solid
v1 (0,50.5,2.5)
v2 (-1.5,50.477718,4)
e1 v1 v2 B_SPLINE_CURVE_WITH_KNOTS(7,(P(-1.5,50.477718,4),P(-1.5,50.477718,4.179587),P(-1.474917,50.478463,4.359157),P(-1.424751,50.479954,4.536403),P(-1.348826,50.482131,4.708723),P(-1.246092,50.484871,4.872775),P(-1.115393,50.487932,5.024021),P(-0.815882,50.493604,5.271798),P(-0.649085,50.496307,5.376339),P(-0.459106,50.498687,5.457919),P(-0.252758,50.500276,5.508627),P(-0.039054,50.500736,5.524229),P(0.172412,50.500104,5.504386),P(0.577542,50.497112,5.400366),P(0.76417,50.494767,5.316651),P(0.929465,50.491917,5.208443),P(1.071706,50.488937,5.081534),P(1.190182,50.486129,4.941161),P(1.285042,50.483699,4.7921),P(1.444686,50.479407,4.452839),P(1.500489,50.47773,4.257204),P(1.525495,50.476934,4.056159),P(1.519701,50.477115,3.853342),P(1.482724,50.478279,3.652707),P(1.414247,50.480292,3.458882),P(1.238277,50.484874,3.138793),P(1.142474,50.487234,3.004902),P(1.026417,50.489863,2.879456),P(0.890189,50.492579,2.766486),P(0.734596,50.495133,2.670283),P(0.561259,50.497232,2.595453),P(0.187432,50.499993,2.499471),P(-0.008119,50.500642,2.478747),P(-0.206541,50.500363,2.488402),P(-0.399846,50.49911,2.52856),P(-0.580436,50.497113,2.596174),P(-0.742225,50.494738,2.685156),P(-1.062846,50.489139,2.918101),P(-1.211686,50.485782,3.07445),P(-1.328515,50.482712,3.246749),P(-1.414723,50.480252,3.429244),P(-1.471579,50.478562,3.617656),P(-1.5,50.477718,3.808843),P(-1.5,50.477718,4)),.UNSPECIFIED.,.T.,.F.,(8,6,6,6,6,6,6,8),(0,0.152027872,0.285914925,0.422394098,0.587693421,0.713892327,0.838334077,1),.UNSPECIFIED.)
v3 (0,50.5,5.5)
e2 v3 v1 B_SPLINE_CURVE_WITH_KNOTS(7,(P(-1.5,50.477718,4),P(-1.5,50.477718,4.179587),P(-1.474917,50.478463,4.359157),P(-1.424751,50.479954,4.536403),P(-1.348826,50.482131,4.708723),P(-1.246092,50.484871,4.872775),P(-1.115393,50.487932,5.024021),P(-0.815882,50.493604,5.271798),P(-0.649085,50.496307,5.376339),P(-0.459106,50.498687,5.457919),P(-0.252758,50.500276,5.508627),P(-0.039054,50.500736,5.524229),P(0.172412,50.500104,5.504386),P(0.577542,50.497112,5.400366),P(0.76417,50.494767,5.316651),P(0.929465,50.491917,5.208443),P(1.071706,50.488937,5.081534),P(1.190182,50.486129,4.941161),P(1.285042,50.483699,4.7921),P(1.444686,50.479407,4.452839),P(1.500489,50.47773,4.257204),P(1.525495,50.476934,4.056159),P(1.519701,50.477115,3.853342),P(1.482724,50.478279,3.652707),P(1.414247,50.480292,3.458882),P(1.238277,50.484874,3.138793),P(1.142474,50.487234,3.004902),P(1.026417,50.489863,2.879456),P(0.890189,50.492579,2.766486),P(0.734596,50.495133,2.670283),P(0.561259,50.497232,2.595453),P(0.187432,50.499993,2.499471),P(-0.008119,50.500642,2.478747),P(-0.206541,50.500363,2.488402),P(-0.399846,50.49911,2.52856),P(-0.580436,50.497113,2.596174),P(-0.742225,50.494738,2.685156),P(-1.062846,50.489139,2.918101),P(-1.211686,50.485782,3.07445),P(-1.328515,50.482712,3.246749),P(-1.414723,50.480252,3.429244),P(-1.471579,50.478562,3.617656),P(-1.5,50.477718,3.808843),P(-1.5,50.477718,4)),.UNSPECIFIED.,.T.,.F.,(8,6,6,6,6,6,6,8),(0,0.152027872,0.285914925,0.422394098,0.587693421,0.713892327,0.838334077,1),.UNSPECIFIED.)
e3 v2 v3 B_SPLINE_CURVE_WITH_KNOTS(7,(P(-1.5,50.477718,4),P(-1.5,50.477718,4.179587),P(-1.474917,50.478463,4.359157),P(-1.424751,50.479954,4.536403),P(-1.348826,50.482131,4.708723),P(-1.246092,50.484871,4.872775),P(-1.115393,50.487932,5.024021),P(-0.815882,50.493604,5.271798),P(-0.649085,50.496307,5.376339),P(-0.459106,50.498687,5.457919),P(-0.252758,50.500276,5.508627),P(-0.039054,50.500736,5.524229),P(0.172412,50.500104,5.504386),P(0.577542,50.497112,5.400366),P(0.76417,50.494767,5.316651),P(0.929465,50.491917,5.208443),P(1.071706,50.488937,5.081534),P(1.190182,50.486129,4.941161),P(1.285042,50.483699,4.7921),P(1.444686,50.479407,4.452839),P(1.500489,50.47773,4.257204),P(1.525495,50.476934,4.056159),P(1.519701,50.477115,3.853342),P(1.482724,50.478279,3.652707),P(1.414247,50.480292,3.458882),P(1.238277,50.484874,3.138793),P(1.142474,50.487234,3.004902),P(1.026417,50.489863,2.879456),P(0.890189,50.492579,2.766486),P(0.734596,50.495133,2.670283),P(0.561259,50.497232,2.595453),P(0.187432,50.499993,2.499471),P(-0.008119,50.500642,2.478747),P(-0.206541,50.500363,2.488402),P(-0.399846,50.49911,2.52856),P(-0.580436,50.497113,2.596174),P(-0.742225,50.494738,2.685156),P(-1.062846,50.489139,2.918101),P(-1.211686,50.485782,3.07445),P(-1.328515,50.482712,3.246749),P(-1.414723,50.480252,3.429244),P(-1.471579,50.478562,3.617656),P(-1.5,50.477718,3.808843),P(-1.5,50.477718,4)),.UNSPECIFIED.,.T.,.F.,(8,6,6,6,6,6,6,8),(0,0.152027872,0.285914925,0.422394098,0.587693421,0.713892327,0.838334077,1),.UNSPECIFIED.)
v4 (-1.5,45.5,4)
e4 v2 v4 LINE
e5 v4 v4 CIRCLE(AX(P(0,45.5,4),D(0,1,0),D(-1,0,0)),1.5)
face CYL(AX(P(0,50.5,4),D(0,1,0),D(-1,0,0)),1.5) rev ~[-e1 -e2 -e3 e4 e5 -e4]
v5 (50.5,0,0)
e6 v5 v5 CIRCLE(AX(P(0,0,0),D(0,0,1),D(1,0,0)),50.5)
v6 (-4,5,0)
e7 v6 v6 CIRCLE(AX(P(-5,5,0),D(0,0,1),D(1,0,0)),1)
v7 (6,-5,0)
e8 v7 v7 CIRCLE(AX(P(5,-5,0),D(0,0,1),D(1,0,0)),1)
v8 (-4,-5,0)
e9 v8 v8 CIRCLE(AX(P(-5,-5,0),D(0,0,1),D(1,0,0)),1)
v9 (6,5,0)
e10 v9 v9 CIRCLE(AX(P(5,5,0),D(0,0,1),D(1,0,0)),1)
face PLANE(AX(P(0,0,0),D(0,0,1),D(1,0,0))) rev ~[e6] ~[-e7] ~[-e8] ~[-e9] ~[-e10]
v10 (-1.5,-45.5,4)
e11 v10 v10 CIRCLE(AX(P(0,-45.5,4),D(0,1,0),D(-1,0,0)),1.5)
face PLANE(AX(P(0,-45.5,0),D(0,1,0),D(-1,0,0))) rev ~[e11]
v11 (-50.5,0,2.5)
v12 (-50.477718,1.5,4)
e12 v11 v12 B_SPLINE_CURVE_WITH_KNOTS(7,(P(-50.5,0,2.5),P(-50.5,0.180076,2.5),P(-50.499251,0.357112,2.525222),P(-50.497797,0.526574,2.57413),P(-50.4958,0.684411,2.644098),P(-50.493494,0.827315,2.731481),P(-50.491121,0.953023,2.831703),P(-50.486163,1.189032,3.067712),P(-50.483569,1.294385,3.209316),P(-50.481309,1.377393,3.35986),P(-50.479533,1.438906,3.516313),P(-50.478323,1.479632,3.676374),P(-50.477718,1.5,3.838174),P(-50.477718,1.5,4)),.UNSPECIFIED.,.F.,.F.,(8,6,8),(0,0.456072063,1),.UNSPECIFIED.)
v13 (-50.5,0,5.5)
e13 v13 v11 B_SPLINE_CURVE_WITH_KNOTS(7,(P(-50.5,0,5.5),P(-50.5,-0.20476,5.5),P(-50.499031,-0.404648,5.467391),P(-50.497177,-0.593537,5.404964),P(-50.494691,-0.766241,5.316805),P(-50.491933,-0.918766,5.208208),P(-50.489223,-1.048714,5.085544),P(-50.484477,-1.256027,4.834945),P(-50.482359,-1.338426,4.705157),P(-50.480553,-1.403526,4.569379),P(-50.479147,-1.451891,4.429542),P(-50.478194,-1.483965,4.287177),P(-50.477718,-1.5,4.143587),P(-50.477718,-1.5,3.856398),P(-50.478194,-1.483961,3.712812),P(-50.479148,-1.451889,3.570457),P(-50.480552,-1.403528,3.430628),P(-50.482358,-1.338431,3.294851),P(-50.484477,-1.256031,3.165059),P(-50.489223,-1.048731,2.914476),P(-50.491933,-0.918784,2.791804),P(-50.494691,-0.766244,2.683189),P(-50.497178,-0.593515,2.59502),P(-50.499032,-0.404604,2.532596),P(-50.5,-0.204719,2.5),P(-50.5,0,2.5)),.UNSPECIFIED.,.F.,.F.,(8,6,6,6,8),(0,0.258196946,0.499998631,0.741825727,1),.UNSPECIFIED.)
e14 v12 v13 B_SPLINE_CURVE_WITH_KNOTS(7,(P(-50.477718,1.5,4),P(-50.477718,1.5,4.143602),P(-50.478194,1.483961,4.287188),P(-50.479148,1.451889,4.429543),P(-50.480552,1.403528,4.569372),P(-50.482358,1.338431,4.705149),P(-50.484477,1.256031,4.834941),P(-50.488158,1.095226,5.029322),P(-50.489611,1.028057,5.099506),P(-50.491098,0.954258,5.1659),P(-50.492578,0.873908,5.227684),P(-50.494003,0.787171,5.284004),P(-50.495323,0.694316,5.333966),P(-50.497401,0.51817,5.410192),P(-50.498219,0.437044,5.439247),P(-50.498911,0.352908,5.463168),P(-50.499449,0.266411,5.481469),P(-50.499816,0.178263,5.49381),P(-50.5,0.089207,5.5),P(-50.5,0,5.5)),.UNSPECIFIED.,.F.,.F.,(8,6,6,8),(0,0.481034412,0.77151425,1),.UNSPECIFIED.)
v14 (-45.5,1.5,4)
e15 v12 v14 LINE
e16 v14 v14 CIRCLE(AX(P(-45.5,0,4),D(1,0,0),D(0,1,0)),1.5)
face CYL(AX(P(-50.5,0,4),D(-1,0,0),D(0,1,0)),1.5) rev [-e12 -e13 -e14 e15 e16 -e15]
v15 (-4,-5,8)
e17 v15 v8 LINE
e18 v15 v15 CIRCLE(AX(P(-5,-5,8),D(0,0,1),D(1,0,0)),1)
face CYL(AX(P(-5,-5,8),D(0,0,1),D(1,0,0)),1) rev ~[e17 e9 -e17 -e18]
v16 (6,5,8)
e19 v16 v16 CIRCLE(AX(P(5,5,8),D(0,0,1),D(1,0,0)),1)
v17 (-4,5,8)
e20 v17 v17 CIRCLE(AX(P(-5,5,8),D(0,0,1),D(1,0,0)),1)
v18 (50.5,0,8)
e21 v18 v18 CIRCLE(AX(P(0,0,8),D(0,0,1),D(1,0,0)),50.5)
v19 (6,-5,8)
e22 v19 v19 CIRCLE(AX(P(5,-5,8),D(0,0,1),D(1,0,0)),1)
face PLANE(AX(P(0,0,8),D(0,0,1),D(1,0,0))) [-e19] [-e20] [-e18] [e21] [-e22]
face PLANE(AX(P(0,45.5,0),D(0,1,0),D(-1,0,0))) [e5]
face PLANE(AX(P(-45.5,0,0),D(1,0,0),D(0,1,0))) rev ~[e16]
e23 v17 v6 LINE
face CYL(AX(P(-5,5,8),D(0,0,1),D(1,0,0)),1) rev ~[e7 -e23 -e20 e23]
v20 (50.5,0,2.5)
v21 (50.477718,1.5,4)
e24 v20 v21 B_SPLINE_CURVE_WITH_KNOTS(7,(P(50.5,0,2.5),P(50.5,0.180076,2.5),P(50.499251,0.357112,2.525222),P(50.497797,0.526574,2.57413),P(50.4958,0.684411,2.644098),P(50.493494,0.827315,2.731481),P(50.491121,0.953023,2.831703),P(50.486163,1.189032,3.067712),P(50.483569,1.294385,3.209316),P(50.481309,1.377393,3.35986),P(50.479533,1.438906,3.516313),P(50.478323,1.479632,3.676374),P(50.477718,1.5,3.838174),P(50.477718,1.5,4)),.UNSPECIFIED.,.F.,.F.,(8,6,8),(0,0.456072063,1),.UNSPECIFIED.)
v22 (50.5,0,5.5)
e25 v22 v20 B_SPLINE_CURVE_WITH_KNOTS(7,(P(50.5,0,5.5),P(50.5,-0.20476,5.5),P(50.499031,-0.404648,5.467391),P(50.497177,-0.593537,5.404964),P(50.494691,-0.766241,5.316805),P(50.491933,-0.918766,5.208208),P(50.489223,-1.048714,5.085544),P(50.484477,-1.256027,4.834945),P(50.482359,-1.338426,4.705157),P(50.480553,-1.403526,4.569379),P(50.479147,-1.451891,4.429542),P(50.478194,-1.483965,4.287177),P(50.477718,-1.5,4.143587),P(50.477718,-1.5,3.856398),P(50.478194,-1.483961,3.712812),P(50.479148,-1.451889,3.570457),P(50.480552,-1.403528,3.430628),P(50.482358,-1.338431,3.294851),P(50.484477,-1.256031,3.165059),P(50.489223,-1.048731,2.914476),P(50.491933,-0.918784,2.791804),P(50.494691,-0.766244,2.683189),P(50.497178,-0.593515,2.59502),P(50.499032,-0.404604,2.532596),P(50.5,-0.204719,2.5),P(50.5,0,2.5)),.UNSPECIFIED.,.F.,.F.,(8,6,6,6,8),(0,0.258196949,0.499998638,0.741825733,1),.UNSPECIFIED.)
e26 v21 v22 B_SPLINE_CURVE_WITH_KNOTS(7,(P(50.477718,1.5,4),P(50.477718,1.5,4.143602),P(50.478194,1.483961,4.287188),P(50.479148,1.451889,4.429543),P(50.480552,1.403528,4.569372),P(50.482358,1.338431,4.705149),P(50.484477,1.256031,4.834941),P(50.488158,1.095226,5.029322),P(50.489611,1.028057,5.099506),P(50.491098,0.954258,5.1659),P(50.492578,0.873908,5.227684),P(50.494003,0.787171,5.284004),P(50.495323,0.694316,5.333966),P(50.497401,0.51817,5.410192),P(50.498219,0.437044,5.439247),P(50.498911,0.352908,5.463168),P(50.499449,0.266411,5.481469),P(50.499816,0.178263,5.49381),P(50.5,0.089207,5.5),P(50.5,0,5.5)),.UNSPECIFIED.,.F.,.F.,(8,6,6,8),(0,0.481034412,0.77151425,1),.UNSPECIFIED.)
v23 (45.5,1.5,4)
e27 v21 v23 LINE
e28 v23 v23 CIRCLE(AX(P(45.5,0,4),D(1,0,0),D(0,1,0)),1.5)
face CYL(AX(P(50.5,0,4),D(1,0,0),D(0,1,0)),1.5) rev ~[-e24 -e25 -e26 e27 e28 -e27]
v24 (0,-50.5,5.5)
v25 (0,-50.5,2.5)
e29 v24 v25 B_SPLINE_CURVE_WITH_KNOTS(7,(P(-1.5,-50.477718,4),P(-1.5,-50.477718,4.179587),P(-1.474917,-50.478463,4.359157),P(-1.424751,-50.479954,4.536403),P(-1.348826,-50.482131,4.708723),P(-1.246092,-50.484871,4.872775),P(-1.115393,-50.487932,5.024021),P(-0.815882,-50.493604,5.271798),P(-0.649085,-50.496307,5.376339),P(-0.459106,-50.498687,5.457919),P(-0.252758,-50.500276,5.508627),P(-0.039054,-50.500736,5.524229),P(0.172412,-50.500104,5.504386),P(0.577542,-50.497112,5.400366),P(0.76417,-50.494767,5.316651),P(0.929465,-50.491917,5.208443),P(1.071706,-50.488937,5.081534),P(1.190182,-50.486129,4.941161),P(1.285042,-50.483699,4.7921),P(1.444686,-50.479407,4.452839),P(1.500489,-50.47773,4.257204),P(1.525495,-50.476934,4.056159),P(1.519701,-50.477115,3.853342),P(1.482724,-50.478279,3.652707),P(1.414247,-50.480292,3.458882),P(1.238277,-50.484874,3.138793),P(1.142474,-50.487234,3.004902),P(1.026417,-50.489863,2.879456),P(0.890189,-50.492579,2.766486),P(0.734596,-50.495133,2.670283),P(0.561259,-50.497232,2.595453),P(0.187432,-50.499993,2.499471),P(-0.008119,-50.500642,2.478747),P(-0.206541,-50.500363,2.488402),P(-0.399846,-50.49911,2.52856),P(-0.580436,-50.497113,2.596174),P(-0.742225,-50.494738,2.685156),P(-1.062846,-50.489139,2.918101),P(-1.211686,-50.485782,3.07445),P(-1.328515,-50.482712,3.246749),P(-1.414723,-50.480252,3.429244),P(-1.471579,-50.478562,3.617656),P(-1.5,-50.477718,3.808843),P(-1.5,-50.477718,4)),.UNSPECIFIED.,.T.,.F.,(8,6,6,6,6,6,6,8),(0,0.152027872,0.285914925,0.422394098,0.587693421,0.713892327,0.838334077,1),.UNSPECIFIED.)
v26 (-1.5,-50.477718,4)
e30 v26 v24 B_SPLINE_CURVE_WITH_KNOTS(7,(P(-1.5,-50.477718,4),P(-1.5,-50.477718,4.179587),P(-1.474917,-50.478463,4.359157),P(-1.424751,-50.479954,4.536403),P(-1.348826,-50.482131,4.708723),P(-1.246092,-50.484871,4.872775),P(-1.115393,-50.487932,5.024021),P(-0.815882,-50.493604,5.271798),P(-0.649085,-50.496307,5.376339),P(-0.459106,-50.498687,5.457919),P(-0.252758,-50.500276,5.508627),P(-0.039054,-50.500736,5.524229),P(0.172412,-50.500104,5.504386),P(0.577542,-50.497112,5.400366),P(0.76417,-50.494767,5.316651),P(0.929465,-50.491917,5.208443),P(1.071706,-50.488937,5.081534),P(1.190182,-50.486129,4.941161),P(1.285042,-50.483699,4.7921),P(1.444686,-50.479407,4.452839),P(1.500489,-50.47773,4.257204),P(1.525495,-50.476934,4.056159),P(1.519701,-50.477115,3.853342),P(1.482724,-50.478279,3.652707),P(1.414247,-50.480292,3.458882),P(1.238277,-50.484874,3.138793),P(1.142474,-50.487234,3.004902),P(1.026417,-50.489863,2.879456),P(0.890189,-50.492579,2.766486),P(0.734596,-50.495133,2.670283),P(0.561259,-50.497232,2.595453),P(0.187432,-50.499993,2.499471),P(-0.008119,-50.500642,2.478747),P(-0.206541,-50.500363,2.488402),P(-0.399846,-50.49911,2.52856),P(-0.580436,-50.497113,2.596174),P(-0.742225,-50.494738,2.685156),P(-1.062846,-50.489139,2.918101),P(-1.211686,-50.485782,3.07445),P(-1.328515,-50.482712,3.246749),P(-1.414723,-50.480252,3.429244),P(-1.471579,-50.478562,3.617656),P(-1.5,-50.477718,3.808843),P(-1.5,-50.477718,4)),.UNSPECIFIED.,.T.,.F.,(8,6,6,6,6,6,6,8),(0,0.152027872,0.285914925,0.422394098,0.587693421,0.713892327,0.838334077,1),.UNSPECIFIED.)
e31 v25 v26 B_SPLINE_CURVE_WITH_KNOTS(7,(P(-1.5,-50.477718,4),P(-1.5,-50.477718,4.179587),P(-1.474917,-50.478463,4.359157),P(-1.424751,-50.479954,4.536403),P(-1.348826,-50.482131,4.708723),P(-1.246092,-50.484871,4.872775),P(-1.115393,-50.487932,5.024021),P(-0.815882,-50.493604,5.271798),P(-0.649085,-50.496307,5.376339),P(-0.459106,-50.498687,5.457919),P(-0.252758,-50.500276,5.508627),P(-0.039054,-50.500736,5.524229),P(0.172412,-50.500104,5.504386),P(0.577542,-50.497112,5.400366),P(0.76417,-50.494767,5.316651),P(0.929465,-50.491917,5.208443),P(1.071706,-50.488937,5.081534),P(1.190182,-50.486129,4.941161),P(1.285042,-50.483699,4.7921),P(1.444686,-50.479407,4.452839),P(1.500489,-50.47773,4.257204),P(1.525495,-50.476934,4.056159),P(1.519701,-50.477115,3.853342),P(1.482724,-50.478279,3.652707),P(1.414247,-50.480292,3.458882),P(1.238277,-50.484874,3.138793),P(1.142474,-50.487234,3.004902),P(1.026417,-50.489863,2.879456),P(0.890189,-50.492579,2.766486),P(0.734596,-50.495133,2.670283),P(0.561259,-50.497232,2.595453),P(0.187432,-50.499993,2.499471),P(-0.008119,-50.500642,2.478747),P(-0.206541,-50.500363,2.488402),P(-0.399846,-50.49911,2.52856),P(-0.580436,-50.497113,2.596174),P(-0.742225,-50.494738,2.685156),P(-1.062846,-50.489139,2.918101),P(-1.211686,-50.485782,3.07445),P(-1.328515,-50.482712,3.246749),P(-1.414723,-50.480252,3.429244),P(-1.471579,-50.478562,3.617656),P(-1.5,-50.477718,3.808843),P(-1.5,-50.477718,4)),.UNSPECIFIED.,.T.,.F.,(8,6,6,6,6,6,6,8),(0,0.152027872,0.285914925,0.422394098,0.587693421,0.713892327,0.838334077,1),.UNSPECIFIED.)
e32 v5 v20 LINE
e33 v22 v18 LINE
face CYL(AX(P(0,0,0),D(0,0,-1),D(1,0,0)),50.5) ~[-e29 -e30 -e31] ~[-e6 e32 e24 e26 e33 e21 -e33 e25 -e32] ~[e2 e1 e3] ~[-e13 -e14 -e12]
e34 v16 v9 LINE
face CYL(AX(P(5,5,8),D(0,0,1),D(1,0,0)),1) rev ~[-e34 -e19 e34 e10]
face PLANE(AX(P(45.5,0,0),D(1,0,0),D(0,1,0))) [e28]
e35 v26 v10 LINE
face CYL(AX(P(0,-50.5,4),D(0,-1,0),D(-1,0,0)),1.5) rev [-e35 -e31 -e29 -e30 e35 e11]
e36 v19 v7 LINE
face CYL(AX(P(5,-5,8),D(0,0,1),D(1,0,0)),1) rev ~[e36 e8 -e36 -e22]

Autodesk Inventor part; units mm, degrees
sketch "スケッチ1" plane through (0, 0, 0) normal (0, 0, 1) x (1, 0, 0)
  circle A0 centre (0, 0) radius 50.5
  dimension "d0" = 101
extrude "押し出し1" add sketch "スケッチ1" along normal blind 8
sketch "スケッチ2" plane through (0, 0, 8) normal (0, 0, 1) x (1, 0, 0)
  line L0 (-5, -5) -> (5, -5) construction
  line L1 (5, -5) -> (5, 5) construction
  line L2 (5, 5) -> (-5, 5) construction
  line L3 (-5, 5) -> (-5, -5) construction
  line L4 (-5, -5) -> (5, 5) construction
  line L5 (5, -5) -> (-5, 5) construction
  circle A0 centre (-5, 5) radius 1
  circle A1 centre (5, 5) radius 1
  circle A2 centre (5, -5) radius 1
  circle A3 centre (-5, -5) radius 1
  point P0 (0, 0)
  dimension "d3" = 10
  dimension "d4" = 10
  dimension "d5" = 2
  dimension "d6" = 2
  dimension "d7" = 2
  dimension "d8" = 2
extrude "押し出し2" cut sketch "スケッチ2" against normal blind 8
ref_plane "作業平面1" through (50.5, 0, 0) normal (1, 0, 0) x (0, 1, 0)
ref_plane "作業平面2" through (-50.5, 0, 0) normal (1, 0, 0) x (0, 1, 0)
ref_plane "作業平面3" through (0, 50.5, 0) normal (0, 1, 0) x (-1, 0, 0)
ref_plane "作業平面4" through (0, -50.5, 0) normal (0, 1, 0) x (-1, 0, 0)
sketch "スケッチ3" plane through (50.5, 0, 0) normal (1, 0, 0) x (0, 1, 0)
  line L0 (0, 0) -> (0, 4) construction
  circle A0 centre (0, 4) radius 1.5
  dimension "d14" = 4
  dimension "d15" = 3
extrude "押し出し3" cut sketch "スケッチ3" against normal blind 5
sketch "スケッチ4" plane through (-50.5, 0, 0) normal (1, 0, 0) x (0, 1, 0)
  line L0 (0, 0) -> (0, 4) construction
  circle A0 centre (0, 4) radius 1.5
  dimension "d18" = 4
  dimension "d19" = 3
extrude "押し出し4" cut sketch "スケッチ4" along normal blind 5
sketch "スケッチ5" plane through (0, 50.5, 0) normal (0, 1, 0) x (-1, 0, 0)
  line L0 (0, 0) -> (0, 4) construction
  circle A0 centre (0, 4) radius 1.5
  dimension "d22" = 4
  dimension "d23" = 3
extrude "押し出し5" cut sketch "スケッチ5" against normal blind 5
sketch "スケッチ6" plane through (0, -50.5, 0) normal (0, 1, 0) x (-1, 0, 0)
  line L0 (0, 0) -> (0, 4) construction
  circle A0 centre (0, 4) radius 1.5
  dimension "d26" = 4
  dimension "d27" = 3
extrude "押し出し6" cut sketch "スケッチ6" along normal blind 5
thread "ねじ1" size "M3x0.5" class "6H" standard "ANSI Metric M Profile" full length
thread "ねじ2" size "M3x0.5" class "6H" standard "ANSI Metric M Profile" full length
thread "ねじ3" size "M3x0.5" class "6H" standard "ANSI Metric M Profile" full length
thread "ねじ4" size "M3x0.5" class "6H" standard "ANSI Metric M Profile" full length
thread "ねじ5" size "M2x0.4" class "6H" standard "ANSI Metric M Profile" full length
thread "ねじ6" size "M2x0.4" class "6H" standard "ANSI Metric M Profile" full length
thread "ねじ7" size "M2x0.4" class "6H" standard "ANSI Metric M Profile" full length
thread "ねじ8" size "M2x0.4" class "6H" standard "ANSI Metric M Profile" full length
properties part number "outsideBottom2"
